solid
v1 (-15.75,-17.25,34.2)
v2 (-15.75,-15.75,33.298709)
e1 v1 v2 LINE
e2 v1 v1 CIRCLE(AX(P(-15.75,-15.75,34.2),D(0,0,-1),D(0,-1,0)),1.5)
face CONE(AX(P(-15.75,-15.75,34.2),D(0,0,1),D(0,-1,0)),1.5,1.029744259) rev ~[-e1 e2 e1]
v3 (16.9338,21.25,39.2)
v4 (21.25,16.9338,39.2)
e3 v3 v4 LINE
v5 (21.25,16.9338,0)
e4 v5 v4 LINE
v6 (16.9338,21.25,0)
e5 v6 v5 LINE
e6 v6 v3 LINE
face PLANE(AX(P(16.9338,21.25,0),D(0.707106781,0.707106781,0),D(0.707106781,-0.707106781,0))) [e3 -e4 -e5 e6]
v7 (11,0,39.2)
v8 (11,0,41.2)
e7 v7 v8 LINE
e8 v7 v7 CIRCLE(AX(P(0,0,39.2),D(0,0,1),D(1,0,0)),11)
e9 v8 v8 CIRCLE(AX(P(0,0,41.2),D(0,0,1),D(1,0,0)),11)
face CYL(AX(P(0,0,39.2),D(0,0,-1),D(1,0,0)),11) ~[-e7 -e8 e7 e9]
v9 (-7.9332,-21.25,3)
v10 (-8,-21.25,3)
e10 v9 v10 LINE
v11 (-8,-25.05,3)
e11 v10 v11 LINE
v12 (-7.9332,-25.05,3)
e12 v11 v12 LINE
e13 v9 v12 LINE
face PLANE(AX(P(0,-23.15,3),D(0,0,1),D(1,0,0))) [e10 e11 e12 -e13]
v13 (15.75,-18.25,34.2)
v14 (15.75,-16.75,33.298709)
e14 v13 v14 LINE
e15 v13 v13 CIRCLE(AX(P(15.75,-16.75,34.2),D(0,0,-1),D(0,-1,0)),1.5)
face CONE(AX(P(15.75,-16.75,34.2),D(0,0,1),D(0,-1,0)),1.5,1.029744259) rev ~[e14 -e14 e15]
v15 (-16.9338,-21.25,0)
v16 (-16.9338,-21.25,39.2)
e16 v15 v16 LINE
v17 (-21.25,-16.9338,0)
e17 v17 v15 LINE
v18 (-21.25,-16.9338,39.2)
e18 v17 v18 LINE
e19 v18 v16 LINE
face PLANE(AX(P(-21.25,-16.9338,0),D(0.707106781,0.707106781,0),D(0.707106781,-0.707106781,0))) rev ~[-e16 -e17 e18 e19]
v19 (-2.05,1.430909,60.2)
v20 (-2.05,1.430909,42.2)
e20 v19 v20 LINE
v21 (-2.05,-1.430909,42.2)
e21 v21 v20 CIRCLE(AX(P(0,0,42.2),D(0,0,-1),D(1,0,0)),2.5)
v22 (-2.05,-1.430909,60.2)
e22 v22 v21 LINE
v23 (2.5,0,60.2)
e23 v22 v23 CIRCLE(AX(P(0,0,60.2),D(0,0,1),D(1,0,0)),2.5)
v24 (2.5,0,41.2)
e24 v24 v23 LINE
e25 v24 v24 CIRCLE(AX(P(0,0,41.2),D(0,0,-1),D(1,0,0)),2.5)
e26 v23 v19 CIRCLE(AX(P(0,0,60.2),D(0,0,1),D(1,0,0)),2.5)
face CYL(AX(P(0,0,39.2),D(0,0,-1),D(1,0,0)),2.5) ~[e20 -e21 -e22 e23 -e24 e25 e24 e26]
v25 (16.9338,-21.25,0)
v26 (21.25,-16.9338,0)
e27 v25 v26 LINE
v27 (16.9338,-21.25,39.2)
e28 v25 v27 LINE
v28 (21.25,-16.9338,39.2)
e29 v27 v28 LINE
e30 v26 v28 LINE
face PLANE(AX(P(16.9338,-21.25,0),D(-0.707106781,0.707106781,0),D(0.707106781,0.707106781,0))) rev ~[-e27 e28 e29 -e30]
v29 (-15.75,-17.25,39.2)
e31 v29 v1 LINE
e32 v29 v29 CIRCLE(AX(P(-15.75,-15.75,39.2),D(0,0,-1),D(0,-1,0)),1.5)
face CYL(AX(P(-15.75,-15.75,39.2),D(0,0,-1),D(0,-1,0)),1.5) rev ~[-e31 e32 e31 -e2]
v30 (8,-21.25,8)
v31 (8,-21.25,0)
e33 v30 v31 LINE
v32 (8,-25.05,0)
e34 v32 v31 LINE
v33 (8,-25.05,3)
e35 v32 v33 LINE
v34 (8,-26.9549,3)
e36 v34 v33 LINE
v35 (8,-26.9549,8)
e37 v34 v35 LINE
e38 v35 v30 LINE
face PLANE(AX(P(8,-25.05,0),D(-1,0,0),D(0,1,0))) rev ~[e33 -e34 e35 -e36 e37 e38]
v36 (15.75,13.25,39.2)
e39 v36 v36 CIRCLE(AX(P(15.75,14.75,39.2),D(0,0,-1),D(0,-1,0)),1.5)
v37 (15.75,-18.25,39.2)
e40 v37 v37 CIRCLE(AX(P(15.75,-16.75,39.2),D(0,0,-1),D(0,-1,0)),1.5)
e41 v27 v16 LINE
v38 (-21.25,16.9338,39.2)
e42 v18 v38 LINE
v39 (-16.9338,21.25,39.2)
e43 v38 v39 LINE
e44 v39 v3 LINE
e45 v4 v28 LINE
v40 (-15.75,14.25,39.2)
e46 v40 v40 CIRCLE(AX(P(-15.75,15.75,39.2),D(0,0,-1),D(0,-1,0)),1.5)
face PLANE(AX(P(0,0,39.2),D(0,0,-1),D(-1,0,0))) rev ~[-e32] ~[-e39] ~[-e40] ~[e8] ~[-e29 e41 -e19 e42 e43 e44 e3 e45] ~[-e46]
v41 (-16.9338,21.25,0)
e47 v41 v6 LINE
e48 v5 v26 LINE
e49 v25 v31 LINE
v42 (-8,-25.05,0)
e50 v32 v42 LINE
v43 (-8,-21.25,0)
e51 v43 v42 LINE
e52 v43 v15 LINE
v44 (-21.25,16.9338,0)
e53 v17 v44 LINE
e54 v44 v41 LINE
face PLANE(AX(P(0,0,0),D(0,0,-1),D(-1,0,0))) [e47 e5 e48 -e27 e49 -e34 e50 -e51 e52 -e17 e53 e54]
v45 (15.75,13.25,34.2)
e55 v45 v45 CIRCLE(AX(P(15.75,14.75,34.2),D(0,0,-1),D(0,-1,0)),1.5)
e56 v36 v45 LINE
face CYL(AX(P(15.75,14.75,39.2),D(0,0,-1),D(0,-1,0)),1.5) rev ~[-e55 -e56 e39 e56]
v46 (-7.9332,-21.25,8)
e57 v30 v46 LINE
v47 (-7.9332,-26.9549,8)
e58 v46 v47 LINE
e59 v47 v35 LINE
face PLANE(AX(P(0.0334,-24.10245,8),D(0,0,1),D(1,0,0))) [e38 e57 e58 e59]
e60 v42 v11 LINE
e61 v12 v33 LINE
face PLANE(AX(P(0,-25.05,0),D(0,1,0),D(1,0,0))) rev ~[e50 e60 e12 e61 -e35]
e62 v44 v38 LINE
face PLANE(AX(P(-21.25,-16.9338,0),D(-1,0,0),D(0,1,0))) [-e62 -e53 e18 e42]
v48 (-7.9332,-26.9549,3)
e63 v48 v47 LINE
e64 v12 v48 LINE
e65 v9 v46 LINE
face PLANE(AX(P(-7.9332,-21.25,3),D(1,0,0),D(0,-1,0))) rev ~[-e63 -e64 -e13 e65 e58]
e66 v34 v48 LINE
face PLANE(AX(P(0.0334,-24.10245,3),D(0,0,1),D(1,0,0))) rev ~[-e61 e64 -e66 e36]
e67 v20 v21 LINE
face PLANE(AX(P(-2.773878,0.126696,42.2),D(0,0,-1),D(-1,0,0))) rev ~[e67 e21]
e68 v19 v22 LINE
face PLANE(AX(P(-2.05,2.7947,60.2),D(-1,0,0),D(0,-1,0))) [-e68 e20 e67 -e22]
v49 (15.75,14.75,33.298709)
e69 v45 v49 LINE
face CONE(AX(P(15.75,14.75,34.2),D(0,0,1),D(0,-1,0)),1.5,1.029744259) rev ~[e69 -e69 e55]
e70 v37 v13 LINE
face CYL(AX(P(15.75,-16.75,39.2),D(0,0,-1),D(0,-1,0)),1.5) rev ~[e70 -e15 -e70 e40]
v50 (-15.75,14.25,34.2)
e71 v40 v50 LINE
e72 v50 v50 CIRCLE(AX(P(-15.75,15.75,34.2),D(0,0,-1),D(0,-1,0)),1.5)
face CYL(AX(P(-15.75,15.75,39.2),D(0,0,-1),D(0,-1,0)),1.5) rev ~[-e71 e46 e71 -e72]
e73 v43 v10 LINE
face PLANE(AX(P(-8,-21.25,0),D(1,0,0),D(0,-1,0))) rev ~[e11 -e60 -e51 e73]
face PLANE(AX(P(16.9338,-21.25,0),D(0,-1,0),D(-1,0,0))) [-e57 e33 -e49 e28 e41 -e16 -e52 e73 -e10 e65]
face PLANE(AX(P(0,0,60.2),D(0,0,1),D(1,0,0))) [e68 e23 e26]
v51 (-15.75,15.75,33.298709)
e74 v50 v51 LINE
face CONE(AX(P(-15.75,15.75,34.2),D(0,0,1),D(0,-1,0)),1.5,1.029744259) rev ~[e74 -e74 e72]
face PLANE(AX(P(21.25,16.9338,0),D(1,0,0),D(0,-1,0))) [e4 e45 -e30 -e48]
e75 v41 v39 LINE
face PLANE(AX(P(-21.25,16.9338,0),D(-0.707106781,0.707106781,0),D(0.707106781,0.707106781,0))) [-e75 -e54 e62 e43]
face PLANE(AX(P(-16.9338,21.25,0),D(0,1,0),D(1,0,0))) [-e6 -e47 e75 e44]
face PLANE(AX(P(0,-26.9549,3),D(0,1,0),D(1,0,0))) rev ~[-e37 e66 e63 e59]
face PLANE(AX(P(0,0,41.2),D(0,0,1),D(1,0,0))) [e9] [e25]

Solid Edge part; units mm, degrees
sketch "Sketch1" plane through (0, 0, 0) normal (0, 0, 1) x (1, 0, 0)
  line L0 (-16.9338, 21.25) -> (16.9338, 21.25)
  line L1 (16.9338, 21.25) -> (21.25, 16.9338)
  line L2 (21.25, 16.9338) -> (21.25, -16.9338)
  line L3 (16.9338, -21.25) -> (21.25, -16.9338)
  line L4 (16.9338, -21.25) -> (-16.9338, -21.25)
  line L5 (-21.25, -16.9338) -> (-16.9338, -21.25)
  line L6 (-21.25, -16.9338) -> (-21.25, 16.9338)
  line L7 (-21.25, 16.9338) -> (-16.9338, 21.25)
  dimension "D1" = 33.8675
  dimension "D2" = 33.8675
  dimension "D3" = 21.25
  dimension "D4" = 21.25
extrude "Protrusion1" add sketch "Sketch1" along normal blind 39.2
sketch "Sketch2" plane through (0, 0, 0) normal (0, 0, 1) x (1, 0, 0)
  line L0 (0, -25.05) -> (8, -25.05)
  line L1 (8, -25.05) -> (8, -21.25)
  line L2 (8, -21.25) -> (-8, -21.25)
  line L3 (-8, -21.25) -> (-8, -25.05)
  line L4 (-8, -25.05) -> (0, -25.05)
extrude "ExtrudedProtrusion_2" add sketch "Sketch2" along normal blind 3
sketch "Sketch3" plane through (0, -23.15, 3) normal (0, 0, 1) x (1, 0, 0)
  line L0 (0, -3.8049) -> (8, -3.8049)
  line L1 (8, -3.8049) -> (8, 1.9)
  line L2 (8, 1.9) -> (-7.9332, 1.9)
  line L3 (-7.9332, 1.9) -> (-7.9332, -3.8049)
  line L4 (-7.9332, -3.8049) -> (0, -3.8049)
extrude "ExtrudedProtrusion_3" add sketch "Sketch3" along normal blind 5
sketch "Sketch4" plane through (0, 0, 39.2) normal (0, 0, 1) x (1, 0, 0)
  circle A0 centre (0, 0) radius 11
extrude "ExtrudedProtrusion_4" add sketch "Sketch4" along normal blind 2
sketch "Sketch5" plane through (0, 0, 39.2) normal (0, 0, 1) x (1, 0, 0)
  circle A0 centre (0, 0) radius 2.5
extrude "ExtrudedProtrusion_5" add sketch "Sketch5" along normal blind 21
sketch "Sketch6" plane through (0, 0, 60.2) normal (0, 0, 1) x (1, 0, 0)
  line L0 (-2.05, 2.7947) -> (-2.05, -2.6865)
  line L1 (-3.2935, -2.0855) -> (-2.05, -2.6865)
  line L2 (-4.0147, 1.8811) -> (-3.2935, -2.0855)
  line L3 (-2.05, 2.7947) -> (-4.0147, 1.8811)
  dimension "D1" = 4.55
extrude "ExtrudedCutout_1" cut sketch "Sketch6" against normal blind 18
hole "Hole_1" at (-15.75, 15.75, 39.2) direction (0, 0, -1) diameter 3 depth 5 tip angle 118
hole "Hole1" at (15.75, 14.75, 39.2) direction (0, 0, -1) diameter 3 depth 5 tip angle 118
hole "Hole2" at (15.75, -16.75, 39.2) direction (0, 0, -1) diameter 3 depth 5 tip angle 118
hole "Hole3" at (-15.75, -15.75, 39.2) direction (0, 0, -1) diameter 3 depth 5 tip angle 118
